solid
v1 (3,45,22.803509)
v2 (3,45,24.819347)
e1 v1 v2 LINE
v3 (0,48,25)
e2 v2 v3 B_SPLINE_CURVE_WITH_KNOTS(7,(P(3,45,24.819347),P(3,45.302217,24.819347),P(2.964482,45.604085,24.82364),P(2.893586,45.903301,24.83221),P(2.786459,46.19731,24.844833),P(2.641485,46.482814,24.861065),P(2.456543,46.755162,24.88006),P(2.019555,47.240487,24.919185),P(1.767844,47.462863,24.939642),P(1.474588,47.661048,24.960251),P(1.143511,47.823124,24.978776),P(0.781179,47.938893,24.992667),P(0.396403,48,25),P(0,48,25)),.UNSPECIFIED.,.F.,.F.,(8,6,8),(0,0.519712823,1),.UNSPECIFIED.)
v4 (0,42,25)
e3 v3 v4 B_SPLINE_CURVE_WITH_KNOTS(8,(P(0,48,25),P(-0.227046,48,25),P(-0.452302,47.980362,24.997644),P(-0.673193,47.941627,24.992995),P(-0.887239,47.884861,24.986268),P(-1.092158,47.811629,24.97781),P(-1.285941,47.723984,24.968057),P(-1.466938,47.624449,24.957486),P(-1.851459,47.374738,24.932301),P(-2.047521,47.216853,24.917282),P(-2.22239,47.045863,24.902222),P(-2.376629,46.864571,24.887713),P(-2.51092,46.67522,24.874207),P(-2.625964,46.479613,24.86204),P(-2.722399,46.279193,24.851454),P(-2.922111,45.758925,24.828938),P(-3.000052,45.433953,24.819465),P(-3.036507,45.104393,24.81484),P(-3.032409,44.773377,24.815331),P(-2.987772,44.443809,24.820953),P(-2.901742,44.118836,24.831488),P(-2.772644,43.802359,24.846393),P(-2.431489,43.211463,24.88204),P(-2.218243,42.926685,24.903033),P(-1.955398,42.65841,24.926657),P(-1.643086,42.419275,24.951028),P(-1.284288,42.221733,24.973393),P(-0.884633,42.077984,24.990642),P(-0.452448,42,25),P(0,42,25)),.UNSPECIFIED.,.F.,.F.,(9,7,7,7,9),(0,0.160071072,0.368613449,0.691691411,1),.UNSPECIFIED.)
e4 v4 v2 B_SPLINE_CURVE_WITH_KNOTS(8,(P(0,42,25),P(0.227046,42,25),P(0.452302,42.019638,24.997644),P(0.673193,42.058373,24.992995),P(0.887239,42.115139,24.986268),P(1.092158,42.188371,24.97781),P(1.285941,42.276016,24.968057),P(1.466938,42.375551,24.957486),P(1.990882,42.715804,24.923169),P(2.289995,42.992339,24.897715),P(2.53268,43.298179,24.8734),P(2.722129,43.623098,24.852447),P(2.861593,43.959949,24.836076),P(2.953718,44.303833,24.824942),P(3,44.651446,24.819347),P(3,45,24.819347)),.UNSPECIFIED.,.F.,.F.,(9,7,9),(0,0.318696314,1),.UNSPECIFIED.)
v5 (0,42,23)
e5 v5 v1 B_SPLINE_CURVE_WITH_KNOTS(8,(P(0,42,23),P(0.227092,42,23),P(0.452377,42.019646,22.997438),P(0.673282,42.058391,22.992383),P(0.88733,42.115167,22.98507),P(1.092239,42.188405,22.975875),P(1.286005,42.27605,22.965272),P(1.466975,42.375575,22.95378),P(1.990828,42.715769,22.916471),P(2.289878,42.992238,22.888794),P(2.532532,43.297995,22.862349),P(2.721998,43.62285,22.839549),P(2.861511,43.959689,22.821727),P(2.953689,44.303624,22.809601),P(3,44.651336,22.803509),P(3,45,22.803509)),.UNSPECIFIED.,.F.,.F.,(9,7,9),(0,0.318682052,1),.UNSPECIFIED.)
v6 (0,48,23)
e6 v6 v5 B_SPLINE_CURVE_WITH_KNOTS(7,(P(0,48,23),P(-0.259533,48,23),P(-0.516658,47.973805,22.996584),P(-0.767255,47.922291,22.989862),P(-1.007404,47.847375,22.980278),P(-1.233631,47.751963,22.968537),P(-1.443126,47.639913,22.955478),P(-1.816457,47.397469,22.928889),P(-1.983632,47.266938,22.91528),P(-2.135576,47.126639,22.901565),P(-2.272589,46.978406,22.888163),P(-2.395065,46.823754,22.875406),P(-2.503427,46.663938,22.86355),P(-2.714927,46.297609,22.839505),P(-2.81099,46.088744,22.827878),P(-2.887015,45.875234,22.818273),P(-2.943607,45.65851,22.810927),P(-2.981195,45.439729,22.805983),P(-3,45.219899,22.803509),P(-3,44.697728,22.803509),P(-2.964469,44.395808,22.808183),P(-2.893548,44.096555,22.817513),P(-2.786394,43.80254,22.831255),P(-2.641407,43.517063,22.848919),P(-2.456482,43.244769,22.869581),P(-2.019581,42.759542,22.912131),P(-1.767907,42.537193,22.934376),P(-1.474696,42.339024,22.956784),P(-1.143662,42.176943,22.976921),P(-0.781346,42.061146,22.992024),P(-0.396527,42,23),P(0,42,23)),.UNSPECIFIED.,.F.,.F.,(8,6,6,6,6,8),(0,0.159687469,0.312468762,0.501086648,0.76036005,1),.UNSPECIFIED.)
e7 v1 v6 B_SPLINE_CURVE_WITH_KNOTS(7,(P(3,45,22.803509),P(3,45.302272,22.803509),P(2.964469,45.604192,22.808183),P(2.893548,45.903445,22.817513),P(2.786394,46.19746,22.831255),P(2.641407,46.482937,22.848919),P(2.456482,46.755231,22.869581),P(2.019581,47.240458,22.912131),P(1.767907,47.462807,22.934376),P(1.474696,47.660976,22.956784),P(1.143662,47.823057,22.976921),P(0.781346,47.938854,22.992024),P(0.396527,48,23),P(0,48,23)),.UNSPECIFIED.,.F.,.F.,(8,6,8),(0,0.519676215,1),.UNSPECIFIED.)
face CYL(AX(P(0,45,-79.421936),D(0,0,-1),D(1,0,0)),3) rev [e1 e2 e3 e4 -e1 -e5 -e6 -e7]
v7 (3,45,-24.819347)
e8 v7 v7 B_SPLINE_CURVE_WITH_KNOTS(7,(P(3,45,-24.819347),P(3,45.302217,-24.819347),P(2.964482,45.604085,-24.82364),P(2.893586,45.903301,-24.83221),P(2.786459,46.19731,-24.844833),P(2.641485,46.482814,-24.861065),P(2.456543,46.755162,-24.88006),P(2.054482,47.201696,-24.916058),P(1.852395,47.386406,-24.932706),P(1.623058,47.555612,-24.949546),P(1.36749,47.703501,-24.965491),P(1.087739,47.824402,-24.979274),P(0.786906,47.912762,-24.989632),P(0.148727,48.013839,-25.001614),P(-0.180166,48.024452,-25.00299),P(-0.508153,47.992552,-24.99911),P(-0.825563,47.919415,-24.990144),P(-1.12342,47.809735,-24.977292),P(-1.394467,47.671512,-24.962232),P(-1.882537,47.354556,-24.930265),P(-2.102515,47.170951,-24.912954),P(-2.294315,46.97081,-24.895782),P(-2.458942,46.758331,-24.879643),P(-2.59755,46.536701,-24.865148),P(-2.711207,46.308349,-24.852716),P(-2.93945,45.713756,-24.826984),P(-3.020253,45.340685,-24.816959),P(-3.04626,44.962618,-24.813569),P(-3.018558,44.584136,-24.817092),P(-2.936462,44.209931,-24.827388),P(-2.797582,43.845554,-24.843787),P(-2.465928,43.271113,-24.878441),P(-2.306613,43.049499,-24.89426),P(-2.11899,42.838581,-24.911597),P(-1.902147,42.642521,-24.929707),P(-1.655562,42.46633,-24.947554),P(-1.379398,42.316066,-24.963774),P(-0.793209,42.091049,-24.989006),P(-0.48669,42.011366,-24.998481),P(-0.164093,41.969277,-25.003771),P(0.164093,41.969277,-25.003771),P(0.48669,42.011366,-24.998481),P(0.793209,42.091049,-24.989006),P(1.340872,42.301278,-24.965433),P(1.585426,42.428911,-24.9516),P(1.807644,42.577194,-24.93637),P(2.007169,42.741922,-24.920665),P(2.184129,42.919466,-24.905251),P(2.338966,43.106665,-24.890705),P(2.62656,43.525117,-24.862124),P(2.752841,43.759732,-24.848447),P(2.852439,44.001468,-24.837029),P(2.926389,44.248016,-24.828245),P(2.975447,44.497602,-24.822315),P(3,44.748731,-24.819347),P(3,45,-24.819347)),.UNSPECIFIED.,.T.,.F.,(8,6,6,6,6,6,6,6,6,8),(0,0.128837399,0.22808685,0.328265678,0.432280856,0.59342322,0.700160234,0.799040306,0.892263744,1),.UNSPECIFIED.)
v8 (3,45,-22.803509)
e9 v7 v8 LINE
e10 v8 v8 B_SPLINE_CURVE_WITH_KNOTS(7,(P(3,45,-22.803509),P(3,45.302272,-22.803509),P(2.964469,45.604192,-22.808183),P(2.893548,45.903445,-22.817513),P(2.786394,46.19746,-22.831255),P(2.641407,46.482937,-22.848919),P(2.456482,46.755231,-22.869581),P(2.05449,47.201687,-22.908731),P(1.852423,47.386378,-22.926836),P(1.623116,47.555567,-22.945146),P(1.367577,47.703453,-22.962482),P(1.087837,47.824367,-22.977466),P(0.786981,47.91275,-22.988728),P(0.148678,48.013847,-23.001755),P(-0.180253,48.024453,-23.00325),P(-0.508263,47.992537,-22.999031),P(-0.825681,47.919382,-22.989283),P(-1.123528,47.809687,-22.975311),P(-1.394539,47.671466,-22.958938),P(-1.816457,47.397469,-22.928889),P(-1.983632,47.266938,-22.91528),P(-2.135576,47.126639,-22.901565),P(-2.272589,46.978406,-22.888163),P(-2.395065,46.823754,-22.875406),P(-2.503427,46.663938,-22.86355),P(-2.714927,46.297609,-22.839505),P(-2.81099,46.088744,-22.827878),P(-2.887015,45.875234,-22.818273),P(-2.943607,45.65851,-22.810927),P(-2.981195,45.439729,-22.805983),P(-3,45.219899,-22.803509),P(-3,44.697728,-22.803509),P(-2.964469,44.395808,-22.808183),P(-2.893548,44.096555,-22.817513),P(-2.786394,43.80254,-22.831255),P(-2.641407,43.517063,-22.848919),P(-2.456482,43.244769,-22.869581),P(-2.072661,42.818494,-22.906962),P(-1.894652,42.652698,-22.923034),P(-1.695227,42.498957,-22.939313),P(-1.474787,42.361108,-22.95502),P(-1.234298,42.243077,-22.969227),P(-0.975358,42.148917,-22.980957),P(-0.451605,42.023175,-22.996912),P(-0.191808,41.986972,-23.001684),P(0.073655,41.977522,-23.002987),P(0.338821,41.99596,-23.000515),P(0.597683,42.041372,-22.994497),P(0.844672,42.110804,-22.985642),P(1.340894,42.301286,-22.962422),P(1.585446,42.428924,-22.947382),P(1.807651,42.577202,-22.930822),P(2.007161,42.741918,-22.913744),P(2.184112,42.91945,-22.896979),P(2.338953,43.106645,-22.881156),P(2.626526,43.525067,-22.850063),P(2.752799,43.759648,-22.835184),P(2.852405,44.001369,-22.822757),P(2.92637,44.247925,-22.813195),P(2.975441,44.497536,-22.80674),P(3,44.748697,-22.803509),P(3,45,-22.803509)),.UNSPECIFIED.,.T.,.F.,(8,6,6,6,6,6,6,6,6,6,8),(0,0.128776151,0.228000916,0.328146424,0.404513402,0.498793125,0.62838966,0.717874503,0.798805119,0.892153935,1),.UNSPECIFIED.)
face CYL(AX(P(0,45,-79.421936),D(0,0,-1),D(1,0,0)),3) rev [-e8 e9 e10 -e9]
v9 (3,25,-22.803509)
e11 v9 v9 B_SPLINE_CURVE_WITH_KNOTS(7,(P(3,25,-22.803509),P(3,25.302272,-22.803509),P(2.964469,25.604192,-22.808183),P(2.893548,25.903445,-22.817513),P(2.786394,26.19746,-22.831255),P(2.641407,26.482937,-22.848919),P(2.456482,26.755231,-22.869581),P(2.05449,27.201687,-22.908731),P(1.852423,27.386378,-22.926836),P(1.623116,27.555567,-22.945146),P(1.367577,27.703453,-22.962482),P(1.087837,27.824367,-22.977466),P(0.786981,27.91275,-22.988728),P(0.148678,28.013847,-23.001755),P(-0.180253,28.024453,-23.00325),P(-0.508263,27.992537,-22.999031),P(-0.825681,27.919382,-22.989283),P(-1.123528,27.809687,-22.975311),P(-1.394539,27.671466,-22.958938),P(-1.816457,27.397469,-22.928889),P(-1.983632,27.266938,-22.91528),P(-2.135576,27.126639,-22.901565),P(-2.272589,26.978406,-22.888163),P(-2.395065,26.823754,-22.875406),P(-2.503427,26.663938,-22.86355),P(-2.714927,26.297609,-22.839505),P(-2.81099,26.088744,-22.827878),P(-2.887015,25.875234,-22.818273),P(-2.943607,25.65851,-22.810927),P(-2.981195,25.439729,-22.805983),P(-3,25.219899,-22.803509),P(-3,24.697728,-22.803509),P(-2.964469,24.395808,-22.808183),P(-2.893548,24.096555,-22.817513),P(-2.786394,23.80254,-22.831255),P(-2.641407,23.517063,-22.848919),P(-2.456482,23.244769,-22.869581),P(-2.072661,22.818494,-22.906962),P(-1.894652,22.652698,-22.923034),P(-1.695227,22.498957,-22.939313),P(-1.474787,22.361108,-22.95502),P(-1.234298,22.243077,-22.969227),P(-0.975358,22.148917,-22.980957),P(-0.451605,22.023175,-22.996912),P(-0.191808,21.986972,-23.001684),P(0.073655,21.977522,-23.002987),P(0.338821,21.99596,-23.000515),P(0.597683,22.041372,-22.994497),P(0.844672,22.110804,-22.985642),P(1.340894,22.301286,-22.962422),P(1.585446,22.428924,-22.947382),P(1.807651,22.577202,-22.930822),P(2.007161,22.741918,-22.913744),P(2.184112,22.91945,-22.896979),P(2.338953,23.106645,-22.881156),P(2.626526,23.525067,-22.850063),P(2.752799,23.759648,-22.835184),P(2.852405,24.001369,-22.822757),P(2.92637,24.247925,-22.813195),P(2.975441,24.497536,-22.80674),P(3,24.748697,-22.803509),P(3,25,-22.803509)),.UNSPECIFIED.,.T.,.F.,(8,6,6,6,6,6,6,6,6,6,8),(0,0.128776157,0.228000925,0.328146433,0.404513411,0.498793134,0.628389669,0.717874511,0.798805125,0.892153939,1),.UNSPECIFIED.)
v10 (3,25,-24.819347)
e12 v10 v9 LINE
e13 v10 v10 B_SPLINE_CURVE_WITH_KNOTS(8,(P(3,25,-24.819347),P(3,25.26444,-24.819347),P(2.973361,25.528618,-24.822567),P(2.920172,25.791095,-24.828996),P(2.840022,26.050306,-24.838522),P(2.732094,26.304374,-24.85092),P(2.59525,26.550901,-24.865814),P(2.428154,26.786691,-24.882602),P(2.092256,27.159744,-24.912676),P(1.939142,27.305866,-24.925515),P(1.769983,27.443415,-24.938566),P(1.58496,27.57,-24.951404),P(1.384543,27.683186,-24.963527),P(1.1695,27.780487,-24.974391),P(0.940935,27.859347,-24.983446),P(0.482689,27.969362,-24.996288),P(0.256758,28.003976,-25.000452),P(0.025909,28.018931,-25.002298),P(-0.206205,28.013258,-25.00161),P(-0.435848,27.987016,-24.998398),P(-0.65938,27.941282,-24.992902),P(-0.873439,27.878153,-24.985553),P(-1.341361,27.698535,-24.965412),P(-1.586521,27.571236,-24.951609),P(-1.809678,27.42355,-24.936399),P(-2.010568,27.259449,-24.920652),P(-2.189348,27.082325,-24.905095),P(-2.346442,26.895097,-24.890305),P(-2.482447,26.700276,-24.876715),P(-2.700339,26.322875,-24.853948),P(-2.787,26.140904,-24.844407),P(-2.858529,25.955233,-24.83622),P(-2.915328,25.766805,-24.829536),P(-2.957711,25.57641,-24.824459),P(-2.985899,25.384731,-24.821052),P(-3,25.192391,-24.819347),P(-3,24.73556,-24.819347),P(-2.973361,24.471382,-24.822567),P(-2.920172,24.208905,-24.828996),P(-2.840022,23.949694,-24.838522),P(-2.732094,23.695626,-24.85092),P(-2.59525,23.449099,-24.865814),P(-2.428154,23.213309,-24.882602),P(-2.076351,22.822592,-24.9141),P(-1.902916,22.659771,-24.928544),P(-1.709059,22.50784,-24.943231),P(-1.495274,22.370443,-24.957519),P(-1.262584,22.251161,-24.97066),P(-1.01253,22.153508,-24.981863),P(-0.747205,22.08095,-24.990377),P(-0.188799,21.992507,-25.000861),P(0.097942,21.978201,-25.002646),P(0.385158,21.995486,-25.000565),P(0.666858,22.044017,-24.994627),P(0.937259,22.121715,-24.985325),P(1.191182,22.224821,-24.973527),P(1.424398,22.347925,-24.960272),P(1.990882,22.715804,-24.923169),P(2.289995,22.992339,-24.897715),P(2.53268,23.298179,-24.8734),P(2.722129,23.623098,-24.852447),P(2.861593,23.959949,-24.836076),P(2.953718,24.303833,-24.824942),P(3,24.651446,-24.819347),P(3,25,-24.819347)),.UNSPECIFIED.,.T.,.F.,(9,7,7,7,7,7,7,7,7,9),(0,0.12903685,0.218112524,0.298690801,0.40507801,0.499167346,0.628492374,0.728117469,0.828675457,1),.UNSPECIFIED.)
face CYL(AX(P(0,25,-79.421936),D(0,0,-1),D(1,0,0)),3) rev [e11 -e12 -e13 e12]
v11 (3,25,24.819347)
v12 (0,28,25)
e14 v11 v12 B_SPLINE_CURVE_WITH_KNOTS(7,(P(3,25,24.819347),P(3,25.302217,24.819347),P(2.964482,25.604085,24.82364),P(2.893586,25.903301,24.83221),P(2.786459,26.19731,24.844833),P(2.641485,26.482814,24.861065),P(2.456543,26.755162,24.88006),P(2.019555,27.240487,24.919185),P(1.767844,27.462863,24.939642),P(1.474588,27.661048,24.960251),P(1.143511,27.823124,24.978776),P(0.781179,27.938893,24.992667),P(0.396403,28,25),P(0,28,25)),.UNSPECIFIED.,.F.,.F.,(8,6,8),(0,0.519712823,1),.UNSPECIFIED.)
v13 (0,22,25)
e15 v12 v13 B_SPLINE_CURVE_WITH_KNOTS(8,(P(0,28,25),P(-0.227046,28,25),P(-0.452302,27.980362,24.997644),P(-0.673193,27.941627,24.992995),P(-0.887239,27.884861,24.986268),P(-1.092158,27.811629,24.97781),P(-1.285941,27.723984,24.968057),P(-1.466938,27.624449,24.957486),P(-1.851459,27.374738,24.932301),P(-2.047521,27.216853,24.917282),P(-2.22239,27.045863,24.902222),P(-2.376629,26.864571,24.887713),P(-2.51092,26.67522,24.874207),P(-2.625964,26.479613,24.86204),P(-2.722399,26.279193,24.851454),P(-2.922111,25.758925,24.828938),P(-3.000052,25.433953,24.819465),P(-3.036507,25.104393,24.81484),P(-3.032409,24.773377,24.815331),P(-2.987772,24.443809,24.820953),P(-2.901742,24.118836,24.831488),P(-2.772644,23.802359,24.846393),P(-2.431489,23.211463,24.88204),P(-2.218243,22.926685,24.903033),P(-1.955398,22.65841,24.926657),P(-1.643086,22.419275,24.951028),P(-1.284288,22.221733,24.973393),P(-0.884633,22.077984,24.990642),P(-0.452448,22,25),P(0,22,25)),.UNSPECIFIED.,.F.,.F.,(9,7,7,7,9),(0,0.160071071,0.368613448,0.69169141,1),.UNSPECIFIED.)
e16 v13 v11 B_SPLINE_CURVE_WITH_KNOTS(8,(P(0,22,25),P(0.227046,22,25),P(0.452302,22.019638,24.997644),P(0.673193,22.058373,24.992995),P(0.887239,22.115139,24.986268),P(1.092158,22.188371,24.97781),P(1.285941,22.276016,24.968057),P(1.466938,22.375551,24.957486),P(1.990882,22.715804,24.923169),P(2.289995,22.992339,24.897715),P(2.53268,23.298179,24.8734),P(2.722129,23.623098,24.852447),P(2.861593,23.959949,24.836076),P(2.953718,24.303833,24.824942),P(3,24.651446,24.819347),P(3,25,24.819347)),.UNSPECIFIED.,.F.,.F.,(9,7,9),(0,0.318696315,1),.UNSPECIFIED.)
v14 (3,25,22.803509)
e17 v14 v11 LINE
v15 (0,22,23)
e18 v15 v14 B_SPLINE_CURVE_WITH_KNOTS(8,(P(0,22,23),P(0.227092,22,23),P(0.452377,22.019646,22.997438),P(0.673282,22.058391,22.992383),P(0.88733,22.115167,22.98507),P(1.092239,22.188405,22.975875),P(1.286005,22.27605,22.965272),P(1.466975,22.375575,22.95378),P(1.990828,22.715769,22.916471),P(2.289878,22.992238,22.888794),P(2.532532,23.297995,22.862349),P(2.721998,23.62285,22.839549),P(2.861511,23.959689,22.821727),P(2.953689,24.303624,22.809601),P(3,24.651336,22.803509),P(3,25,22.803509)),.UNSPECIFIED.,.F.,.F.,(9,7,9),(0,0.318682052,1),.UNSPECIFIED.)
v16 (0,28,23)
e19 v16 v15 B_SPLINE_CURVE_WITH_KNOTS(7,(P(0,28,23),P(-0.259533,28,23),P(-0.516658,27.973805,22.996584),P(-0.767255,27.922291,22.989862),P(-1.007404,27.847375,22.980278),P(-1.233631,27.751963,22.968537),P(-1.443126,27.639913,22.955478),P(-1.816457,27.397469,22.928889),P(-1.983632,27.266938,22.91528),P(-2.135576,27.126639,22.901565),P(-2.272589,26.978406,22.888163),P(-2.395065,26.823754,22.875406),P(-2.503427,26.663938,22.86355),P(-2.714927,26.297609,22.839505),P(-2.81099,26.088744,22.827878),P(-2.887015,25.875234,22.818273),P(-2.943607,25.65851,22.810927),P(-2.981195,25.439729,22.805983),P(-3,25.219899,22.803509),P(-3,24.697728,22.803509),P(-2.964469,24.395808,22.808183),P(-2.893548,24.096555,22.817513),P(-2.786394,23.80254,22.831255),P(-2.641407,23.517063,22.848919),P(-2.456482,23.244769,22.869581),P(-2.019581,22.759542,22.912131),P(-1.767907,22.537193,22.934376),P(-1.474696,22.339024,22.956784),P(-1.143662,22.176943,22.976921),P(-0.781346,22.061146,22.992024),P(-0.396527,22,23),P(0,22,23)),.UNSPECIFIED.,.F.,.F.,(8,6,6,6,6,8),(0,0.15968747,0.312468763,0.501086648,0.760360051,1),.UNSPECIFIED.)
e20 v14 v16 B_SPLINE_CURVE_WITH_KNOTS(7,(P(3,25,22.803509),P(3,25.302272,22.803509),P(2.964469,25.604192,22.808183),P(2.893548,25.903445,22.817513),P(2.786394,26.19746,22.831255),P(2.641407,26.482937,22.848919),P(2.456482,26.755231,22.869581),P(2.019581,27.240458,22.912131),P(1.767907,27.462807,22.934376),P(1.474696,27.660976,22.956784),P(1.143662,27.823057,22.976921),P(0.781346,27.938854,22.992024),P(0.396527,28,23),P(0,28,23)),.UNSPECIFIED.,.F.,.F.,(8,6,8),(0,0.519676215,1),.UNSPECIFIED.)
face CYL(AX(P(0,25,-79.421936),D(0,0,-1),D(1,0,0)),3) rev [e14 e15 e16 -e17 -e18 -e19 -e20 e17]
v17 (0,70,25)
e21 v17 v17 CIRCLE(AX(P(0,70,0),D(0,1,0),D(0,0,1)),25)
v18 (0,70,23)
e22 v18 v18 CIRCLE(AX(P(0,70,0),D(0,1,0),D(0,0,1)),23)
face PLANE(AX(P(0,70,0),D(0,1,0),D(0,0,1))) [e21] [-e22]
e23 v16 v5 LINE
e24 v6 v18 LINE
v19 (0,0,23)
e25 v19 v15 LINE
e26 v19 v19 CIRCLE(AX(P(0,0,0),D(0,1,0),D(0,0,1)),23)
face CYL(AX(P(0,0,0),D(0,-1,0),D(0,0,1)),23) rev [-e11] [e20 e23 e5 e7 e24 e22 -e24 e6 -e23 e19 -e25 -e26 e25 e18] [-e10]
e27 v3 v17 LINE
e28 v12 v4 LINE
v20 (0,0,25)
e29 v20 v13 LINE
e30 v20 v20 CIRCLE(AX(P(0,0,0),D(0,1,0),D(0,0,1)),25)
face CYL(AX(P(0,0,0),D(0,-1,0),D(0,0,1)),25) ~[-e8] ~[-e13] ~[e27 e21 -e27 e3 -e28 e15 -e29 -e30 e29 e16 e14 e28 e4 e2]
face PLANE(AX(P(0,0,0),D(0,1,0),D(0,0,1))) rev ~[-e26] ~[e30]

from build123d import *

# Parameters (mm, degrees)
SKETCH_1_R               = 25
SKETCH_1_R_2             = 23
EXTRUDE_1_DEPTH          = 70
CUT_EXTRUDE_1_DEPTH      = 79.421935707
CUT_EXTRUDE_1_DEPTH_BACK = 79.421935707
SKETCH_2_R               = 3


with BuildPart() as part:
    # 草图1 → 凸台-拉伸1 (new body)
    with BuildSketch(Plane(origin=(0, 0, 0), x_dir=(1, 0, 0), z_dir=(0, 1, 0))):
        with Locations(Location((0, 0, 0), (0, 0, 270))):
            Circle(SKETCH_1_R)
        with Locations(Location((0, 0, 0), (0, 0, 270))):
            Circle(SKETCH_1_R_2, mode=Mode.SUBTRACT)
    extrude(amount=EXTRUDE_1_DEPTH)

    # 草图2 → 切除-拉伸1 (cut, two sides: drawn at the far end of the back side and taken through both)
    with BuildSketch(Plane.XY.offset(-CUT_EXTRUDE_1_DEPTH_BACK)):
        with Locations((0, 45)):
            Circle(SKETCH_2_R)
        with Locations((0, 25)):
            Circle(SKETCH_2_R)
    extrude(amount=CUT_EXTRUDE_1_DEPTH + CUT_EXTRUDE_1_DEPTH_BACK, mode=Mode.SUBTRACT)


solid = part.part
